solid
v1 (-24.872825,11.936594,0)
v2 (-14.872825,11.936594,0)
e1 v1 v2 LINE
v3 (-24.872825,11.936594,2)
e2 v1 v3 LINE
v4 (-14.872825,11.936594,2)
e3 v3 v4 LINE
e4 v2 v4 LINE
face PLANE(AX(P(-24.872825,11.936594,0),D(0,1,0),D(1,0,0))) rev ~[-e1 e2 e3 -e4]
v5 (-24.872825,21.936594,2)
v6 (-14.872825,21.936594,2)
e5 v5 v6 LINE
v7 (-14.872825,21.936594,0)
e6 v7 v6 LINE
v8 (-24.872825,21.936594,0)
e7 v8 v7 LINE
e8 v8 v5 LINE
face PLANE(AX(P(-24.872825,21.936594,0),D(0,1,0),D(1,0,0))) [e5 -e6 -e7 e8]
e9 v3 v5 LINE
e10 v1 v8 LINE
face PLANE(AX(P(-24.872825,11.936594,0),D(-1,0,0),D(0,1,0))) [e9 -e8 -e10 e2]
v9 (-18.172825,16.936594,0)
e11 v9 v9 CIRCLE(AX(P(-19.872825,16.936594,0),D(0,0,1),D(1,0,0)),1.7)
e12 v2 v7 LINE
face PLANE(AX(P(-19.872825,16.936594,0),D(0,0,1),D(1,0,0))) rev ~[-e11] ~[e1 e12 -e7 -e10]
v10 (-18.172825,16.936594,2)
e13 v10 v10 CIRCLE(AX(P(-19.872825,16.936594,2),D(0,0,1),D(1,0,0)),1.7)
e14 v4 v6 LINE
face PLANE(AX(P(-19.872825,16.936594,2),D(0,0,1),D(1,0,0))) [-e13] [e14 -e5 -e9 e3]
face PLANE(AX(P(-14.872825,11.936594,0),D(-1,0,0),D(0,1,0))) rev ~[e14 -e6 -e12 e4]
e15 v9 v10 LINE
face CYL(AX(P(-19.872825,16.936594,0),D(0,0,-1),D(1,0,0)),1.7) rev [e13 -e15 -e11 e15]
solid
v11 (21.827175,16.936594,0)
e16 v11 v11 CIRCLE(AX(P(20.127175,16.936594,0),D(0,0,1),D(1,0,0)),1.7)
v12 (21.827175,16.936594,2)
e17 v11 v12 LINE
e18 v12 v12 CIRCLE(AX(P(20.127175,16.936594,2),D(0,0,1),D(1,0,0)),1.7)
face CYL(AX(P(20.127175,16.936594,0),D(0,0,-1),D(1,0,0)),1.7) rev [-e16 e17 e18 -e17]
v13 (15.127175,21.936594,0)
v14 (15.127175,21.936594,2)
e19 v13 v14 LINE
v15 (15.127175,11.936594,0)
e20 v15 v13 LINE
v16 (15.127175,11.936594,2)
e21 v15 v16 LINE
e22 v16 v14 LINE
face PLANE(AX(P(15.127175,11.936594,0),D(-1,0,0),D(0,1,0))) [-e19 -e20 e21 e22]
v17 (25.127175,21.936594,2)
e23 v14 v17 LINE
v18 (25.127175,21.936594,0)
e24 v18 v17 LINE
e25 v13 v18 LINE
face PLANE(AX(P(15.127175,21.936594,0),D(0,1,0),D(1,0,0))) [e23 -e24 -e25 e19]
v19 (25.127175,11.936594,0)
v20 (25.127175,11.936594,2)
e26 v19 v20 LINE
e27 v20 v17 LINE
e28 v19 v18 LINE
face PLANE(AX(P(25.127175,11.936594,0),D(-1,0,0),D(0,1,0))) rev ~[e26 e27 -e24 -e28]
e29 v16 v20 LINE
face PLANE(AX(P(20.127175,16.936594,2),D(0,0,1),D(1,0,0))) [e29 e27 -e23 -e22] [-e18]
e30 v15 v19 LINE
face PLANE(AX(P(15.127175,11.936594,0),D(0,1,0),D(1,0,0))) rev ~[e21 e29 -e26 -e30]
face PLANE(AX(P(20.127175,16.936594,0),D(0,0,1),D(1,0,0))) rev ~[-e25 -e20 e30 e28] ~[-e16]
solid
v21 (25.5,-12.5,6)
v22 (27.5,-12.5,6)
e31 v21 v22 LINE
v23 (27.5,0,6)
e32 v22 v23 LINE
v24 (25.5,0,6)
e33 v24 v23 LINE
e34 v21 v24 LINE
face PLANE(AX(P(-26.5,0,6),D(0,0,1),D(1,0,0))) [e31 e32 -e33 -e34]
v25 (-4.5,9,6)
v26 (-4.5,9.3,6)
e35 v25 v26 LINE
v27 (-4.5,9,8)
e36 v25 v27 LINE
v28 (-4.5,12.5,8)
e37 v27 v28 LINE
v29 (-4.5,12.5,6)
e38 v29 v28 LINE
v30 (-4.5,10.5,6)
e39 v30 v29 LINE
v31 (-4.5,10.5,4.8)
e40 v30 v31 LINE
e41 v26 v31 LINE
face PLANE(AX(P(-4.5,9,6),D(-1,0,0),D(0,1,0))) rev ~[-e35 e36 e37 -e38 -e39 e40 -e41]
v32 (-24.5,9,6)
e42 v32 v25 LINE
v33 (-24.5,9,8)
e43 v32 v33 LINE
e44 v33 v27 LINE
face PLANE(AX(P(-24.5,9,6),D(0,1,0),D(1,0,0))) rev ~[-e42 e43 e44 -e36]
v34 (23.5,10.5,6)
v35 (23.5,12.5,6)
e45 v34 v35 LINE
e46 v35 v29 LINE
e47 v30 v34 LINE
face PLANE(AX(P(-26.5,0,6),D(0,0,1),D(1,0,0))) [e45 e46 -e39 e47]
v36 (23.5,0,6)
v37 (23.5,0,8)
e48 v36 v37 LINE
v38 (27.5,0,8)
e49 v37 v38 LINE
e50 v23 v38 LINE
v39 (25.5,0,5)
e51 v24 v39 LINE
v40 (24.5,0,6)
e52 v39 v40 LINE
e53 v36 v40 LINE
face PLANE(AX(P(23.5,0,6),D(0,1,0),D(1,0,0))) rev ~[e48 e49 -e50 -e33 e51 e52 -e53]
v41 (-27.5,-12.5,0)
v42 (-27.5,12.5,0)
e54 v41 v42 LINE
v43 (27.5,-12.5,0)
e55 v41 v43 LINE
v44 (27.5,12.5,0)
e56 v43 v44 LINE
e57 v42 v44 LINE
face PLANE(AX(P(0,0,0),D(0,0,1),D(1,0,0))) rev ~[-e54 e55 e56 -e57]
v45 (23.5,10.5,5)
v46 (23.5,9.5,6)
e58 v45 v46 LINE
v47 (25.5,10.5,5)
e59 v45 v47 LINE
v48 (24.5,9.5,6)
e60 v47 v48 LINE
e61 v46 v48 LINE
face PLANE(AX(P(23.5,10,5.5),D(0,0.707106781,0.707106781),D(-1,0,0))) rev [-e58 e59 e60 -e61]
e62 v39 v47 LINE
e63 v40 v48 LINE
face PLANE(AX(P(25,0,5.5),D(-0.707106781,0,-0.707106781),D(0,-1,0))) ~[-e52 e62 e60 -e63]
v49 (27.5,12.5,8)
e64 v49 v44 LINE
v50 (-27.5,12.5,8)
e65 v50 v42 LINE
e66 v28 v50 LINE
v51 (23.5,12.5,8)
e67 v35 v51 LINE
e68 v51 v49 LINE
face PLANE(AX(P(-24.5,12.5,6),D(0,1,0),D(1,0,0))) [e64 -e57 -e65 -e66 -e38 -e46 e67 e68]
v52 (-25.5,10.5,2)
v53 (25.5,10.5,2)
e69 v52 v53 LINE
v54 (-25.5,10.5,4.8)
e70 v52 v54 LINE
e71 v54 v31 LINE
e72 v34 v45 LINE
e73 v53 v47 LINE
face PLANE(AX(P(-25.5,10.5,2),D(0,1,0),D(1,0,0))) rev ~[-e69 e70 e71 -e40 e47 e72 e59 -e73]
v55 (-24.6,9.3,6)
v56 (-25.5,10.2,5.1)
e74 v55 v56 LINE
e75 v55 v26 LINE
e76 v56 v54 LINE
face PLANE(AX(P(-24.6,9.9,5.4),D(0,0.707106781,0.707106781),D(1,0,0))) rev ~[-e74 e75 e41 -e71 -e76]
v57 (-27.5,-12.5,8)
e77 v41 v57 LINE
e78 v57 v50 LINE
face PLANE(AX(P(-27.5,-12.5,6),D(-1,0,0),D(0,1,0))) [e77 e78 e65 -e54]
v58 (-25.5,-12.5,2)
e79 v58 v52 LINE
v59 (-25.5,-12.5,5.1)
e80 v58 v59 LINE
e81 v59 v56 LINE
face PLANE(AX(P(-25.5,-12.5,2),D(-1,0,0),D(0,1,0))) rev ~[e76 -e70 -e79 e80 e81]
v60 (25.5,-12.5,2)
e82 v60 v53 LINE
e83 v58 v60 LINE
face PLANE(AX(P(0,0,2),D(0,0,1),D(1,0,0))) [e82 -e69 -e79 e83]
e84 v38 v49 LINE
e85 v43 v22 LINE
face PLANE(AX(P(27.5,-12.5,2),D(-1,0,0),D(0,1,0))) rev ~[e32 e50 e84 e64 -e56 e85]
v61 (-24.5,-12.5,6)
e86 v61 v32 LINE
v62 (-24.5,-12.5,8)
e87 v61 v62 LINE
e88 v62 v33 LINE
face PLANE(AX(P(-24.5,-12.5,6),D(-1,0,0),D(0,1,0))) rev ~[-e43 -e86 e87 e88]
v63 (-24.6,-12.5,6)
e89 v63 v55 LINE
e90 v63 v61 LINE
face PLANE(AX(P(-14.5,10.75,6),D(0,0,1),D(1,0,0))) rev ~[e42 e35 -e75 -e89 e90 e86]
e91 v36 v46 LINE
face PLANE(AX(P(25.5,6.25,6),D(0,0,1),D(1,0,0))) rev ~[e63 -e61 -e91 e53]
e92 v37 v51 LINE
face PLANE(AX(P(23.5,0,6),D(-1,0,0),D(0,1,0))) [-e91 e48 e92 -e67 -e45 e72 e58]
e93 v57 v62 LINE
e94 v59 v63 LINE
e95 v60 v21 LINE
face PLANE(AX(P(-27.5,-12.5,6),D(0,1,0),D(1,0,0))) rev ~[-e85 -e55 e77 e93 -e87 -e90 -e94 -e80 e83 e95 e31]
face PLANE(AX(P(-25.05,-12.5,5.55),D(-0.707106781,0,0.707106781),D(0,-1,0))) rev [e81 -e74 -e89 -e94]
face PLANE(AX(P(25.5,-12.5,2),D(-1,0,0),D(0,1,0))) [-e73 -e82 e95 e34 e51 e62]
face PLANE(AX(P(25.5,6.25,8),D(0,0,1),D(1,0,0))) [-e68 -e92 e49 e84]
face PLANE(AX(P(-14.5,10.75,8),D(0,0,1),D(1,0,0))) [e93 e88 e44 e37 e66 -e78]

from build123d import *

# Parameters (mm, degrees)
SKETCH004_W     = 10
SKETCH004_H     = 10
SKETCH004_R     = 1.7
PAD004_DEPTH    = 2
SKETCH_W        = 55
SKETCH_H        = 25
PAD_DEPTH       = 2
SKETCH001_W     = 2
SKETCH001_H     = 25
SKETCH001_W_2   = 51
SKETCH001_H_2   = 2
PAD001_DEPTH    = 4
SKETCH002_W     = 3
SKETCH002_H     = 25
SKETCH002_W_2   = 4
SKETCH002_H_2   = 12.5
PAD002_DEPTH    = 2
SKETCH003_W     = 20
SKETCH003_H     = 3.5
PAD003_DEPTH    = 2
CHAMFER_SIZE    = 0.9
CHAMFER001_SIZE = 1.2
CHAMFER002_SIZE = 1


with BuildPart() as pad004:
    # Sketch004 → Pad004 (new body)
    with BuildSketch(Plane.XY):
        with Locations((-19.872825, 16.936594)):
            Rectangle(SKETCH004_W, SKETCH004_H)
        with Locations((-19.872825, 16.936594)):
            Circle(SKETCH004_R, mode=Mode.SUBTRACT)
        with Locations((20.127175, 16.936594)):
            Rectangle(SKETCH004_W, SKETCH004_H)
        with Locations((20.127175, 16.936594)):
            Circle(SKETCH004_R, mode=Mode.SUBTRACT)
    extrude(amount=PAD004_DEPTH)


with BuildPart() as chamfer002:
    # Sketch → Pad (new body)
    with BuildSketch(Plane.XY):
        Rectangle(SKETCH_W, SKETCH_H)
    extrude(amount=PAD_DEPTH)

    # Sketch001 → Pad001 (new body)
    with BuildSketch(Plane.XY.offset(2)):
        with Locations((-26.5, 0)):
            Rectangle(SKETCH001_W, SKETCH001_H)
        with Locations((26.5, 0)):
            Rectangle(SKETCH001_W, SKETCH001_H)
        with Locations((0, 11.5)):
            Rectangle(SKETCH001_W_2, SKETCH001_H_2)
    extrude(amount=PAD001_DEPTH)

    # Sketch002 → Pad002 (new body)
    with BuildSketch(Plane.XY.offset(6)):
        with Locations((-26, 0)):
            Rectangle(SKETCH002_W, SKETCH002_H)
        with Locations((25.5, 6.25)):
            Rectangle(SKETCH002_W_2, SKETCH002_H_2)
    extrude(amount=PAD002_DEPTH)

    # Sketch003 → Pad003 (new body)
    with BuildSketch(Plane.XY.offset(6)):
        with Locations((-14.5, 10.75)):
            Rectangle(SKETCH003_W, SKETCH003_H)
    extrude(amount=PAD003_DEPTH)

    # Chamfer
    chamfer_edges = [chamfer002.edges().sort_by_distance(p)[0] for p in [
        (-25.5, -1, 6),
    ]]
    chamfer(chamfer_edges, length=CHAMFER_SIZE)

    # Chamfer001
    chamfer001_edges = [chamfer002.edges().sort_by_distance(p)[0] for p in [
        (-14.5, 10.5, 6),
    ]]
    chamfer(chamfer001_edges, length=CHAMFER001_SIZE)

    # Chamfer002
    chamfer002_edges = [chamfer002.edges().sort_by_distance(p)[0] for p in [
        (25.5, 5.25, 6),
        (24.5, 10.5, 6),
    ]]
    chamfer(chamfer002_edges, length=CHAMFER002_SIZE)


solid = Compound([pad004.part, chamfer002.part])
